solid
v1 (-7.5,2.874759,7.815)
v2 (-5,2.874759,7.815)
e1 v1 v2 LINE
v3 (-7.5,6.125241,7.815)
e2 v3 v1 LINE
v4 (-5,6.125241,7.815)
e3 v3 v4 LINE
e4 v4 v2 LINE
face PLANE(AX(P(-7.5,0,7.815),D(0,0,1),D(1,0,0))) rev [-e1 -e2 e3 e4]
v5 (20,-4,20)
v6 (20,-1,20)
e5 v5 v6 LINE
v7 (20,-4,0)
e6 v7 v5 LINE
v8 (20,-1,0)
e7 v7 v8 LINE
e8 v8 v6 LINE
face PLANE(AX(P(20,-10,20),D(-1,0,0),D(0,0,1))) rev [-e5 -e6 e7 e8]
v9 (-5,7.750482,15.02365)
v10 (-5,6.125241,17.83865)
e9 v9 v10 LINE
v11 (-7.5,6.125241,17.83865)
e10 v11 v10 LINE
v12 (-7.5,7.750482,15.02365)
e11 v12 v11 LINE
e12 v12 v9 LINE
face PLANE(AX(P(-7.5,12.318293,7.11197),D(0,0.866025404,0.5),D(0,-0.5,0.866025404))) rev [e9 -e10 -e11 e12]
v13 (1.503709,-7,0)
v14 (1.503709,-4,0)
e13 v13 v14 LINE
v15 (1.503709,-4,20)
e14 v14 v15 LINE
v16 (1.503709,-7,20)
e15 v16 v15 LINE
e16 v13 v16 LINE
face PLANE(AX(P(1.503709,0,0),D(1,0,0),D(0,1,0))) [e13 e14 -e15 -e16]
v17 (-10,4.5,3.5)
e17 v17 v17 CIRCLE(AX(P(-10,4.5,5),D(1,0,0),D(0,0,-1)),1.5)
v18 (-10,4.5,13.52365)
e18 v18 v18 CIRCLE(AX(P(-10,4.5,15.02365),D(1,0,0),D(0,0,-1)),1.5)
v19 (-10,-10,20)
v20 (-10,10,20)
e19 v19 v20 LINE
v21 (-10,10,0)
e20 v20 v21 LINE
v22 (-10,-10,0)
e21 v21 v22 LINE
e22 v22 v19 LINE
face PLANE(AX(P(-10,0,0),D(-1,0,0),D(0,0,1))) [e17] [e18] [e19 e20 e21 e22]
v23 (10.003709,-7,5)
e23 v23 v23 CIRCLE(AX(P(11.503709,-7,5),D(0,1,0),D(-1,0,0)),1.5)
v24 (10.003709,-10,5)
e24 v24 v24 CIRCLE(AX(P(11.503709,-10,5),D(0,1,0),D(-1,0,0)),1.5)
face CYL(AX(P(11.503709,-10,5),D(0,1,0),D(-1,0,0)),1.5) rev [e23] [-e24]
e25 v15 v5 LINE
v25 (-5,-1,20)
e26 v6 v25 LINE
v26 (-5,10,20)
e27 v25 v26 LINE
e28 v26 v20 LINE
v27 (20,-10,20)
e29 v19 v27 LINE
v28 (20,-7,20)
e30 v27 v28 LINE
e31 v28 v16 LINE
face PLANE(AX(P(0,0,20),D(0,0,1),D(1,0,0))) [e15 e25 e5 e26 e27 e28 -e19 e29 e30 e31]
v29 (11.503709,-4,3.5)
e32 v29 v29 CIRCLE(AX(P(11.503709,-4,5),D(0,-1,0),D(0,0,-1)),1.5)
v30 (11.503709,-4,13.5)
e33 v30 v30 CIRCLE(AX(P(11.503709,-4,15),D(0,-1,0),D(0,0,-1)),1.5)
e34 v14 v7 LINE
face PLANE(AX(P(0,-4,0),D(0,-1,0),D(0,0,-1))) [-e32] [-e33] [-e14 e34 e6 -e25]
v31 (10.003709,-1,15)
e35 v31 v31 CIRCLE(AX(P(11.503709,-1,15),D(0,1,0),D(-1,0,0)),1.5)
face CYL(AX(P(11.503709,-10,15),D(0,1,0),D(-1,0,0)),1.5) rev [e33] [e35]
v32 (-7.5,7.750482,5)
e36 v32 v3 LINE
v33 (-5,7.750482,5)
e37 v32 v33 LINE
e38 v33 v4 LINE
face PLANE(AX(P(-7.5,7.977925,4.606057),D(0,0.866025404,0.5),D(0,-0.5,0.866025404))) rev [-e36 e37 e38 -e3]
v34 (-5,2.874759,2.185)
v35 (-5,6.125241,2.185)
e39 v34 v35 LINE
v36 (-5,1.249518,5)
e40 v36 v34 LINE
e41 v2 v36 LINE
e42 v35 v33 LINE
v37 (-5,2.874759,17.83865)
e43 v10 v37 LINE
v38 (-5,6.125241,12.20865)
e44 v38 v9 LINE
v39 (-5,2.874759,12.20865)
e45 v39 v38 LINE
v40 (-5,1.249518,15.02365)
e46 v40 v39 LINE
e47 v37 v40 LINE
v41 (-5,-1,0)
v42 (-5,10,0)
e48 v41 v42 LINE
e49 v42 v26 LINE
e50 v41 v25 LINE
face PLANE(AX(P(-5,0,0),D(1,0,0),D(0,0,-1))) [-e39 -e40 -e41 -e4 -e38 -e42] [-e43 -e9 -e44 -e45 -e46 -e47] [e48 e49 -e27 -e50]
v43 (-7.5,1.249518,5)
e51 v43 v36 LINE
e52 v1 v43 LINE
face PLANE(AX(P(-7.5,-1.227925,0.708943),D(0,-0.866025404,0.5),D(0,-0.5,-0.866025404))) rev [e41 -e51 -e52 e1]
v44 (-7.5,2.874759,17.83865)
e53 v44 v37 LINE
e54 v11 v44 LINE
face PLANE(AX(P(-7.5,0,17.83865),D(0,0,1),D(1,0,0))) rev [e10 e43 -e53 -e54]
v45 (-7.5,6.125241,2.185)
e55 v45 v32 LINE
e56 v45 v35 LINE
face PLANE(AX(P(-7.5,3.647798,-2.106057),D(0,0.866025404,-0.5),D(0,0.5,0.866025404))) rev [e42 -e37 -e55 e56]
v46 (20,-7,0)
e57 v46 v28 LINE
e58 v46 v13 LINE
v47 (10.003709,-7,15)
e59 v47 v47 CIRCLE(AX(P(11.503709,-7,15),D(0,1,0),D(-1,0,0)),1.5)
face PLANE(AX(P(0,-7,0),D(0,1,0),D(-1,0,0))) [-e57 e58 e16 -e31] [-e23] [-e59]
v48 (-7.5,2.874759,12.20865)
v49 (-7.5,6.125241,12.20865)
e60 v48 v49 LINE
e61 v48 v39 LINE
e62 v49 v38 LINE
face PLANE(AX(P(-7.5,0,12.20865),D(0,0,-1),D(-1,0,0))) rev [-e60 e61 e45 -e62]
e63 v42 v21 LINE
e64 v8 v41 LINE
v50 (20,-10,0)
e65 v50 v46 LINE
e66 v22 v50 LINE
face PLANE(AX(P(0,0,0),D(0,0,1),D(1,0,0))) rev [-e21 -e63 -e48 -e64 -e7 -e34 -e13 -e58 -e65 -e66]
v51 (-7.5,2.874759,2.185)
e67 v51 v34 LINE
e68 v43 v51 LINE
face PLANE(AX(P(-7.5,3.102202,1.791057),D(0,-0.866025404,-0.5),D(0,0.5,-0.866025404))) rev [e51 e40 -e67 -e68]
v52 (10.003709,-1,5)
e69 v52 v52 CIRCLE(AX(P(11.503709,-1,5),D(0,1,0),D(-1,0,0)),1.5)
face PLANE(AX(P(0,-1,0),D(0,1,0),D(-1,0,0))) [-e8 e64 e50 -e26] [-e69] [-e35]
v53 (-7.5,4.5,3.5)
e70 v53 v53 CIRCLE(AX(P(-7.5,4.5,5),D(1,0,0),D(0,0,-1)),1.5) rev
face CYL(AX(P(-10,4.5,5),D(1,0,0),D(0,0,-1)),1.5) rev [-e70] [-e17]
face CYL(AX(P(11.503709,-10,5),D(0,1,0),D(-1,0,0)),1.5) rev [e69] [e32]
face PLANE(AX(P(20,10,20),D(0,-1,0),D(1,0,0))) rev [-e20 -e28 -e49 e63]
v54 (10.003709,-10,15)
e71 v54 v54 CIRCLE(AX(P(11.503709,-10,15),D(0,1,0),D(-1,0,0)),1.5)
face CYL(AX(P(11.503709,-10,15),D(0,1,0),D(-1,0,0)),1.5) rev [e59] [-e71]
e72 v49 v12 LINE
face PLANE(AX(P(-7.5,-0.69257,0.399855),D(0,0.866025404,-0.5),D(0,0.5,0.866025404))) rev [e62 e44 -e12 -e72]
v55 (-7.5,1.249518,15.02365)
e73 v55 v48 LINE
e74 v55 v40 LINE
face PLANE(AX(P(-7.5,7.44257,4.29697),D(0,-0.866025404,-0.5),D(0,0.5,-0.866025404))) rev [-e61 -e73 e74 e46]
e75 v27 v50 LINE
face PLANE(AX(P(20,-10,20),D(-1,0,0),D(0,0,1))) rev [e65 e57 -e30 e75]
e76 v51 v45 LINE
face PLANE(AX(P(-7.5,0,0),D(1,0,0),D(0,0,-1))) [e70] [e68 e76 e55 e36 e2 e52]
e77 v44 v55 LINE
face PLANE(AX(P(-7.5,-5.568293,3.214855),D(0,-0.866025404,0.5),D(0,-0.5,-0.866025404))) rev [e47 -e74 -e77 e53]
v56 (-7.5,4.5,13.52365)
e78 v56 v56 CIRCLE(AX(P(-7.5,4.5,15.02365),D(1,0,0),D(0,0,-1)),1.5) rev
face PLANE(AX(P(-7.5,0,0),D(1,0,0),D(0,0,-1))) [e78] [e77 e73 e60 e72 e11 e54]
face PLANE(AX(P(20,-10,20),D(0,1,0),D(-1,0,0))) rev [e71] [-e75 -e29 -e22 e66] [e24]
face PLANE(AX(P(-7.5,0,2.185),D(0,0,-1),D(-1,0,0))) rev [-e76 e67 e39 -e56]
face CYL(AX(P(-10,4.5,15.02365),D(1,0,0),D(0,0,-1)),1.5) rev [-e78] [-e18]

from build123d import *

# Parameters (mm, degrees)
SKETCH2_W           = 40
SKETCH2_H           = 20
BOSS_EXTRUDE2_DEPTH = 20
SKETCH3_W           = 20
SKETCH3_H           = 20
CUT_EXTRUDE1_DEPTH  = 10
SKETCH4_W           = 18.496290815
SKETCH4_H           = 3
CUT_EXTRUDE2_DEPTH  = 31
SKETCH5_R           = 1.5
CUT_EXTRUDE3_DEPTH  = 34.541019662
SKETCH8_R           = 1.5
CUT_EXTRUDE4_DEPTH  = 2.5
CUT_EXTRUDE6_DEPTH  = 31.347981811


with BuildPart() as part:
    # Sketch2 → Boss-Extrude2 (new body)
    with BuildSketch(Plane.XY):
        Rectangle(SKETCH2_W, SKETCH2_H)
    extrude(amount=BOSS_EXTRUDE2_DEPTH)

    # Sketch3 → Cut-Extrude1 (cut)
    with BuildSketch(Plane.ZY.offset(20)):
        with Locations((10, 0)):
            Rectangle(SKETCH3_W, SKETCH3_H)
    extrude(amount=-CUT_EXTRUDE1_DEPTH, mode=Mode.SUBTRACT)

    # Sketch4 → Cut-Extrude2 (cut, through all)
    with BuildSketch(Plane.XY.offset(20)):
        Polygon((-5, -1), (20, -1), (20, 0), (20, 10), (-5, 10), align=None)
        with Locations((10.751854593, -5.5)):
            Rectangle(SKETCH4_W, SKETCH4_H)
    extrude(amount=-CUT_EXTRUDE2_DEPTH, mode=Mode.SUBTRACT)

    # Sketch5 → Cut-Extrude3 (cut, through all)
    with BuildSketch(Plane(origin=(-5, 0, 0), x_dir=(0, 0, -1), z_dir=(1, 0, 0))):
        with Locations((-15.023649692, 4.5)):
            Circle(SKETCH5_R)
        with Locations((-5, 4.5)):
            Circle(SKETCH5_R)
    extrude(amount=-CUT_EXTRUDE3_DEPTH, mode=Mode.SUBTRACT)

    # Sketch8 → Cut-Extrude4 (cut)
    # profile 1 of 2: a face of its own
    with BuildSketch(Plane(origin=(-5, 0, 0), x_dir=(0, 0, -1), z_dir=(1, 0, 0))):
        Polygon((-12.208649692, 2.874758992), (-12.208649692, 6.125241008), (-15.023649692, 7.750482016), (-17.838649692, 6.125241008), (-17.838649692, 2.874758992), (-15.023649692, 1.249517984), align=None)
        with Locations((-15.023649692, 4.5)):
            Circle(SKETCH8_R, mode=Mode.SUBTRACT)
    # profile 2 of 2: a face of its own
    with BuildSketch(Plane(origin=(-5, 0, 0), x_dir=(0, 0, -1), z_dir=(1, 0, 0))):
        Polygon((-2.185, 2.874758992), (-2.185, 6.125241008), (-5, 7.750482016), (-7.815, 6.125241008), (-7.815, 2.874758992), (-5, 1.249517984), align=None)
        with Locations((-5, 4.5)):
            Circle(SKETCH8_R, mode=Mode.SUBTRACT)
    extrude(amount=-CUT_EXTRUDE4_DEPTH, mode=Mode.SUBTRACT)

    # Sketch9 → Cut-Extrude6 (cut, through all)
    with BuildSketch(Plane(origin=(0, -1, 0), x_dir=(1, 0, 0), z_dir=(0, 1, 0))):
        with BuildLine():
            ThreePointArc((11.503709185, -3.5), (10.003709185, -5), (11.503709185, -6.5))
            Line((11.503709185, -6.5), (11.503709185, -3.5))
        make_face()
        with BuildLine():
            Line((11.503709185, -3.5), (11.503709185, -6.5))
            ThreePointArc((11.503709185, -6.5), (12.564369357, -6.060660172), (13.003709185, -5))
            ThreePointArc((13.003709185, -5), (12.564369357, -3.939339828), (11.503709185, -3.5))
        make_face()
        with BuildLine():
            ThreePointArc((11.503709185, -13.5), (10.003709185, -15), (11.503709185, -16.5))
            Line((11.503709185, -16.5), (11.503709185, -13.5))
        make_face()
        with BuildLine():
            Line((11.503709185, -13.5), (11.503709185, -16.5))
            ThreePointArc((11.503709185, -16.5), (12.564369357, -16.060660172), (13.003709185, -15))
            ThreePointArc((13.003709185, -15), (12.564369357, -13.939339828), (11.503709185, -13.5))
        make_face()
    extrude(amount=-CUT_EXTRUDE6_DEPTH, mode=Mode.SUBTRACT)


solid = part.part
